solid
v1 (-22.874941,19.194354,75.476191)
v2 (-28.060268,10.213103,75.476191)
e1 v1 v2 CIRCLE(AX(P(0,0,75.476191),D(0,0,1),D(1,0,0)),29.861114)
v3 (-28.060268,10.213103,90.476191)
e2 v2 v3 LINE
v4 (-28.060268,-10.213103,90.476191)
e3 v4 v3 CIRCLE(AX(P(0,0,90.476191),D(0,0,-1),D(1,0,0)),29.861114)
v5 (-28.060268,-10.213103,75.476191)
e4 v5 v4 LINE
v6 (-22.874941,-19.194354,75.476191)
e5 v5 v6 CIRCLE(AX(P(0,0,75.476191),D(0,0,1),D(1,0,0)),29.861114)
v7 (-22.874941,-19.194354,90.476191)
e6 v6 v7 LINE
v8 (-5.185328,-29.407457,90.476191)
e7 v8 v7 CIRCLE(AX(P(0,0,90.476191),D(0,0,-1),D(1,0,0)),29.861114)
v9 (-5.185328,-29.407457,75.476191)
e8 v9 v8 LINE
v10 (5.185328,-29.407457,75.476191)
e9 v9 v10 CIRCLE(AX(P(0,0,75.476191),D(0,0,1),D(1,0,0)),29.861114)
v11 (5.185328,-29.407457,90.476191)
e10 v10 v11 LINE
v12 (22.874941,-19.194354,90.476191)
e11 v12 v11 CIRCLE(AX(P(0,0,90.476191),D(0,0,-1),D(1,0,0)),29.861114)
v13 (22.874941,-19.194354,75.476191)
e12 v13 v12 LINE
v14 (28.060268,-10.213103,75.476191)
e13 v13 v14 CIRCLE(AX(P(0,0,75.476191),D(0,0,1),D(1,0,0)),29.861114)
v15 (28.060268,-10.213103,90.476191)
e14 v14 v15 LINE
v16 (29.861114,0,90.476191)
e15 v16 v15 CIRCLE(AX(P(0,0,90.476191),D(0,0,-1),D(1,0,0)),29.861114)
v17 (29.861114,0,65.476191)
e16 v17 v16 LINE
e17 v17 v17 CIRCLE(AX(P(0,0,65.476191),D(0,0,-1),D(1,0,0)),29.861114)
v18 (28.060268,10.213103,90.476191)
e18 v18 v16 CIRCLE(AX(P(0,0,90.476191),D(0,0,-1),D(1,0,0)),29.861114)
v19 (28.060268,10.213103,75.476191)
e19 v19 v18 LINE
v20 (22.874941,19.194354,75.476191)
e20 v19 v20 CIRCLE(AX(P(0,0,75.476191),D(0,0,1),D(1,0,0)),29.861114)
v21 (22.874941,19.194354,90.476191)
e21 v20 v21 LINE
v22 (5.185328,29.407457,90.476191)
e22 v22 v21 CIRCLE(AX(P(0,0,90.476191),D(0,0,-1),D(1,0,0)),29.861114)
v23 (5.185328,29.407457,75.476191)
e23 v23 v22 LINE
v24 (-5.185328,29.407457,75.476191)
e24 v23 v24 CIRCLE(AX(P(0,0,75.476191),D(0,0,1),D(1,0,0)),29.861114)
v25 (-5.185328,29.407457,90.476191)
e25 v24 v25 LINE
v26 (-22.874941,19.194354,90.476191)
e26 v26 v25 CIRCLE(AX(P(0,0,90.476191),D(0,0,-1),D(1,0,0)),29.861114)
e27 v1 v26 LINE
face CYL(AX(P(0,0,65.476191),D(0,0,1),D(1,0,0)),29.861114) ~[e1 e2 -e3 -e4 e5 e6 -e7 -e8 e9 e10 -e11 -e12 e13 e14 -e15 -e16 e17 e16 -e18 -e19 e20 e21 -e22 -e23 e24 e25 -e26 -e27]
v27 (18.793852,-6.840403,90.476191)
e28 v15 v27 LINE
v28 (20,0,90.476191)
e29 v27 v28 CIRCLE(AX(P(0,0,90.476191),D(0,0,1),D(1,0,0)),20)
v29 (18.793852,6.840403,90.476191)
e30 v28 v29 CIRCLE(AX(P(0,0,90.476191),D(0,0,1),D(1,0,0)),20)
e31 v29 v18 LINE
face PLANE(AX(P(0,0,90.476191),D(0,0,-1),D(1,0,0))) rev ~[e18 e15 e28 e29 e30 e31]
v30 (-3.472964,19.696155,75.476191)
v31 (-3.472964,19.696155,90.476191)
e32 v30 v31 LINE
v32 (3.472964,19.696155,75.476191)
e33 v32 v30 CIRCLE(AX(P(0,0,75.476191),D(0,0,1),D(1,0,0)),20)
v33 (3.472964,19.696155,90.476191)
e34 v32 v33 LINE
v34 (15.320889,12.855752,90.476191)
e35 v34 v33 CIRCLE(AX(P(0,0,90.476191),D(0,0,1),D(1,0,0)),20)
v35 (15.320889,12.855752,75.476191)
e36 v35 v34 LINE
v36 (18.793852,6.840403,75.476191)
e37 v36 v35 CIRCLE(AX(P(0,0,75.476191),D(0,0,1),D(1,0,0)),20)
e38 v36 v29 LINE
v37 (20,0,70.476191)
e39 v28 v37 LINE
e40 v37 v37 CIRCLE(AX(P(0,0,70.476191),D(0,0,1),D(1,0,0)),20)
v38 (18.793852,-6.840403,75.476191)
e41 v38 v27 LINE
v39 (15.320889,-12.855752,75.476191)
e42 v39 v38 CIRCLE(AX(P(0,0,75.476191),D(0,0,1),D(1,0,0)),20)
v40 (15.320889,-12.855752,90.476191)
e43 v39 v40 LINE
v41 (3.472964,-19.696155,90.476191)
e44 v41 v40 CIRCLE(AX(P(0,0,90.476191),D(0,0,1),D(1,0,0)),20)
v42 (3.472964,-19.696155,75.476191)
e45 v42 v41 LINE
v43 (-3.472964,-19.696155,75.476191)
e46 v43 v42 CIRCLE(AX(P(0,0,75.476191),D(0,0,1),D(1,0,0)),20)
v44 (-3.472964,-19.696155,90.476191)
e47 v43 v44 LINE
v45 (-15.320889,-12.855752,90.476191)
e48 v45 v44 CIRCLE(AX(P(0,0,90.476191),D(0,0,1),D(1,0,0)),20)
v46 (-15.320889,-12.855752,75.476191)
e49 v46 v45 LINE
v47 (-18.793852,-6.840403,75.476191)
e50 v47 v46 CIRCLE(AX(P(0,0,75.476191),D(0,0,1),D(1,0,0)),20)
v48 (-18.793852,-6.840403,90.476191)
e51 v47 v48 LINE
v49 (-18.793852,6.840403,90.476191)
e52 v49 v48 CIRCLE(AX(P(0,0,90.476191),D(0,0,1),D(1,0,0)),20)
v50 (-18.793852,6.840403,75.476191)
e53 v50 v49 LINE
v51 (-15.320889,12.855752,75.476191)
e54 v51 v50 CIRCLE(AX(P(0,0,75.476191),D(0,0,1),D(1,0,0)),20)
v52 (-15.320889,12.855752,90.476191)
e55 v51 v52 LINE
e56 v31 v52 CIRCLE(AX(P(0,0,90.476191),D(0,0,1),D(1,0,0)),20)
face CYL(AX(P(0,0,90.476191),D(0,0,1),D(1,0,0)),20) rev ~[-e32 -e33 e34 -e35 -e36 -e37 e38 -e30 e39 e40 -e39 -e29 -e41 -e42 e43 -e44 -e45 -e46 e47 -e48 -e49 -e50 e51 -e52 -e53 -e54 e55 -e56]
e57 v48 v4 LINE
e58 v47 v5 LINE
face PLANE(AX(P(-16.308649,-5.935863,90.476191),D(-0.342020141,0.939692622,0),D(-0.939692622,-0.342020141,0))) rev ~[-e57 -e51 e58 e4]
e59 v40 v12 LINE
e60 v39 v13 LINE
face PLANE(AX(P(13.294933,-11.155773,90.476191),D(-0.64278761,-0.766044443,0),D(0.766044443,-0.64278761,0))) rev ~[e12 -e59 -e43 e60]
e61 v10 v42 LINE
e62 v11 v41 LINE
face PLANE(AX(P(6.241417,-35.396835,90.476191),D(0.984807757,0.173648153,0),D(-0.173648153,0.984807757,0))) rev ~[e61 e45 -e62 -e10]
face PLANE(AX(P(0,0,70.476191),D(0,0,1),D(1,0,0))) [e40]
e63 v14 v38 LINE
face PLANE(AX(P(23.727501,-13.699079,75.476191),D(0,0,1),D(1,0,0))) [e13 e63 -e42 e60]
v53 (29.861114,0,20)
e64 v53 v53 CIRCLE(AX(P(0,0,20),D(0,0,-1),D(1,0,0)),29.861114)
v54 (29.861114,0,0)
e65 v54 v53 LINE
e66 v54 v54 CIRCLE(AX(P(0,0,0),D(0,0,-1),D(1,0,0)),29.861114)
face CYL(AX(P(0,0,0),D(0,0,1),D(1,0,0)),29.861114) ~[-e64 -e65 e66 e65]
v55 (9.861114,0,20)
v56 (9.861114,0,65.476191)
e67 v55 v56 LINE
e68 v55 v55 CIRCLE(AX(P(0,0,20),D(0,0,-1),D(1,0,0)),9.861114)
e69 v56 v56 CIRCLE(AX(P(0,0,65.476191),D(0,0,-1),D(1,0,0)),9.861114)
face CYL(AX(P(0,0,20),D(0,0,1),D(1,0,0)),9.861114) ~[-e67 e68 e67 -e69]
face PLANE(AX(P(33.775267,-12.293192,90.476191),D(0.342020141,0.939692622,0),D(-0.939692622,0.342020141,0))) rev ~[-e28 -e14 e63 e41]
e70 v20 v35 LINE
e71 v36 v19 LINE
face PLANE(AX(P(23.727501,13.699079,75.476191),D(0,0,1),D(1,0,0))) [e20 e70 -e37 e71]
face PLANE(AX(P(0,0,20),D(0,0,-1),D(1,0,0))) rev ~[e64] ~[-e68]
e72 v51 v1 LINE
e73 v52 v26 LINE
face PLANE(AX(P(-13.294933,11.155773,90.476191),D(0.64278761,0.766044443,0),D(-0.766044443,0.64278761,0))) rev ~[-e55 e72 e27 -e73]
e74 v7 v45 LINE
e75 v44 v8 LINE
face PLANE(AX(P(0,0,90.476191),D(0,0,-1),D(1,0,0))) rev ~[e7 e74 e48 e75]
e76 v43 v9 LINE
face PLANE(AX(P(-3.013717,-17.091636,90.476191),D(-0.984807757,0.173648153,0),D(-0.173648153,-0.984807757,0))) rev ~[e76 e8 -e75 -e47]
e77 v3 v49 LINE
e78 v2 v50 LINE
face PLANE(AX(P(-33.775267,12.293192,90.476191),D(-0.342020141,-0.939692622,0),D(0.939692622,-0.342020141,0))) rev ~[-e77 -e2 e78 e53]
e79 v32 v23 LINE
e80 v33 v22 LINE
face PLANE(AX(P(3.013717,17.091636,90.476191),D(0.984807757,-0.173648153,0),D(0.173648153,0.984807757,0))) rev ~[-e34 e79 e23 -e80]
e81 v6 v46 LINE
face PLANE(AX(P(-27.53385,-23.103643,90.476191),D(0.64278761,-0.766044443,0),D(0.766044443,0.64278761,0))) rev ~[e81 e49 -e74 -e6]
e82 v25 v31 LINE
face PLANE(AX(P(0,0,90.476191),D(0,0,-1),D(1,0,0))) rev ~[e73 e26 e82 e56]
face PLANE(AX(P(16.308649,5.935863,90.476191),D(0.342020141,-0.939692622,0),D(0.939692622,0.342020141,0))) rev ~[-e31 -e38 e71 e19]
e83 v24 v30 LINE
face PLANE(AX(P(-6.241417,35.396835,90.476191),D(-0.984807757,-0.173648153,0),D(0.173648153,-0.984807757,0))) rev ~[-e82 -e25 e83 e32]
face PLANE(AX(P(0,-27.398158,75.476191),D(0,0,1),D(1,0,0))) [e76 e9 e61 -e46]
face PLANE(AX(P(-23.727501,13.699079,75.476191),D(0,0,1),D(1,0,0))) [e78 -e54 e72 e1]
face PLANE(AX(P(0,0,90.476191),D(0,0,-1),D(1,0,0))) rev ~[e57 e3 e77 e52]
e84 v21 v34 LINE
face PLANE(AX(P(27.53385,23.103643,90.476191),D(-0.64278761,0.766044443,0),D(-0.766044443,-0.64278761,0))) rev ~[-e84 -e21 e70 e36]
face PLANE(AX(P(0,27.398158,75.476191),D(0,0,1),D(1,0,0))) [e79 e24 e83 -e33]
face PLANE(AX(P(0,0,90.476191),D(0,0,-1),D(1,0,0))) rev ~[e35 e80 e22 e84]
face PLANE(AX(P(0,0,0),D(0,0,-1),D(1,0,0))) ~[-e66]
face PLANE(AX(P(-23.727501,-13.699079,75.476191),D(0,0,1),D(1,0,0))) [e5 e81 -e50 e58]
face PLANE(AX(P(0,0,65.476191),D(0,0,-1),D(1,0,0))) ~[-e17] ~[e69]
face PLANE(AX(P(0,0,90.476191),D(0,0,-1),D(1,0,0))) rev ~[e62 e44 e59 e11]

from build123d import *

# Parameters (mm, degrees)
F2_R     = 20
F3_DEPTH = 20
F5_DEPTH = 15


with BuildPart() as f1:
    # F0 (on Front) → F1 (revolve)
    with BuildSketch(Plane.XZ):
        Polygon((29.861114, 20), (9.861114, 20), (9.861114, 65.476191), (29.861114, 65.476191), (29.861114, 90.476191), (0, 90.476191), (0, 0), (29.861114, 0), align=None)
    revolve(axis=Axis((0, 0, 45.238095), (0, 0, -1)))

    # F2 (on face) → F3 (cut)
    with BuildSketch(Plane.XY.offset(90.476191)):
        Circle(F2_R)
    extrude(amount=-F3_DEPTH, mode=Mode.SUBTRACT)

    # F4 (on face) → F5 (cut)
    with BuildSketch(Plane.XY.offset(90.476191)):
        with BuildLine():
            ThreePointArc((-3.013717, 17.091636), (0, 17.355302), (3.013717, 17.091636))
            Line((3.013717, 17.091636), (6.241417, 35.396835))
            ThreePointArc((6.241417, 35.396835), (0, 35.942888), (-6.241417, 35.396835))
            Line((-6.241417, 35.396835), (-3.013717, 17.091636))
        make_face()
        with BuildLine():
            Line((-33.775267, 12.293192), (-16.308649, 5.935863))
            ThreePointArc((-16.308649, 5.935863), (-15.030132, 8.677651), (-13.294933, 11.155773))
            Line((-13.294933, 11.155773), (-27.53385, 23.103643))
            ThreePointArc((-27.53385, 23.103643), (-31.127454, 17.971444), (-33.775267, 12.293192))
        make_face()
        with BuildLine():
            Line((-27.53385, -23.103643), (-13.294933, -11.155773))
            ThreePointArc((-13.294933, -11.155773), (-15.030132, -8.677651), (-16.308649, -5.935863))
            Line((-16.308649, -5.935863), (-33.775267, -12.293192))
            ThreePointArc((-33.775267, -12.293192), (-31.127454, -17.971444), (-27.53385, -23.103643))
        make_face()
        with BuildLine():
            Line((6.241417, -35.396835), (3.013717, -17.091636))
            ThreePointArc((3.013717, -17.091636), (0, -17.355302), (-3.013717, -17.091636))
            Line((-3.013717, -17.091636), (-6.241417, -35.396835))
            ThreePointArc((-6.241417, -35.396835), (0, -35.942888), (6.241417, -35.396835))
        make_face()
        with BuildLine():
            Line((33.775267, -12.293192), (16.308649, -5.935863))
            ThreePointArc((16.308649, -5.935863), (15.030132, -8.677651), (13.294933, -11.155773))
            Line((13.294933, -11.155773), (27.53385, -23.103643))
            ThreePointArc((27.53385, -23.103643), (31.127454, -17.971444), (33.775267, -12.293192))
        make_face()
        with BuildLine():
            Line((27.53385, 23.103643), (13.294933, 11.155773))
            ThreePointArc((13.294933, 11.155773), (15.030132, 8.677651), (16.308649, 5.935863))
            Line((16.308649, 5.935863), (33.775267, 12.293192))
            ThreePointArc((33.775267, 12.293192), (31.127454, 17.971444), (27.53385, 23.103643))
        make_face()
    extrude(amount=-F5_DEPTH, mode=Mode.SUBTRACT)


solid = f1.part
